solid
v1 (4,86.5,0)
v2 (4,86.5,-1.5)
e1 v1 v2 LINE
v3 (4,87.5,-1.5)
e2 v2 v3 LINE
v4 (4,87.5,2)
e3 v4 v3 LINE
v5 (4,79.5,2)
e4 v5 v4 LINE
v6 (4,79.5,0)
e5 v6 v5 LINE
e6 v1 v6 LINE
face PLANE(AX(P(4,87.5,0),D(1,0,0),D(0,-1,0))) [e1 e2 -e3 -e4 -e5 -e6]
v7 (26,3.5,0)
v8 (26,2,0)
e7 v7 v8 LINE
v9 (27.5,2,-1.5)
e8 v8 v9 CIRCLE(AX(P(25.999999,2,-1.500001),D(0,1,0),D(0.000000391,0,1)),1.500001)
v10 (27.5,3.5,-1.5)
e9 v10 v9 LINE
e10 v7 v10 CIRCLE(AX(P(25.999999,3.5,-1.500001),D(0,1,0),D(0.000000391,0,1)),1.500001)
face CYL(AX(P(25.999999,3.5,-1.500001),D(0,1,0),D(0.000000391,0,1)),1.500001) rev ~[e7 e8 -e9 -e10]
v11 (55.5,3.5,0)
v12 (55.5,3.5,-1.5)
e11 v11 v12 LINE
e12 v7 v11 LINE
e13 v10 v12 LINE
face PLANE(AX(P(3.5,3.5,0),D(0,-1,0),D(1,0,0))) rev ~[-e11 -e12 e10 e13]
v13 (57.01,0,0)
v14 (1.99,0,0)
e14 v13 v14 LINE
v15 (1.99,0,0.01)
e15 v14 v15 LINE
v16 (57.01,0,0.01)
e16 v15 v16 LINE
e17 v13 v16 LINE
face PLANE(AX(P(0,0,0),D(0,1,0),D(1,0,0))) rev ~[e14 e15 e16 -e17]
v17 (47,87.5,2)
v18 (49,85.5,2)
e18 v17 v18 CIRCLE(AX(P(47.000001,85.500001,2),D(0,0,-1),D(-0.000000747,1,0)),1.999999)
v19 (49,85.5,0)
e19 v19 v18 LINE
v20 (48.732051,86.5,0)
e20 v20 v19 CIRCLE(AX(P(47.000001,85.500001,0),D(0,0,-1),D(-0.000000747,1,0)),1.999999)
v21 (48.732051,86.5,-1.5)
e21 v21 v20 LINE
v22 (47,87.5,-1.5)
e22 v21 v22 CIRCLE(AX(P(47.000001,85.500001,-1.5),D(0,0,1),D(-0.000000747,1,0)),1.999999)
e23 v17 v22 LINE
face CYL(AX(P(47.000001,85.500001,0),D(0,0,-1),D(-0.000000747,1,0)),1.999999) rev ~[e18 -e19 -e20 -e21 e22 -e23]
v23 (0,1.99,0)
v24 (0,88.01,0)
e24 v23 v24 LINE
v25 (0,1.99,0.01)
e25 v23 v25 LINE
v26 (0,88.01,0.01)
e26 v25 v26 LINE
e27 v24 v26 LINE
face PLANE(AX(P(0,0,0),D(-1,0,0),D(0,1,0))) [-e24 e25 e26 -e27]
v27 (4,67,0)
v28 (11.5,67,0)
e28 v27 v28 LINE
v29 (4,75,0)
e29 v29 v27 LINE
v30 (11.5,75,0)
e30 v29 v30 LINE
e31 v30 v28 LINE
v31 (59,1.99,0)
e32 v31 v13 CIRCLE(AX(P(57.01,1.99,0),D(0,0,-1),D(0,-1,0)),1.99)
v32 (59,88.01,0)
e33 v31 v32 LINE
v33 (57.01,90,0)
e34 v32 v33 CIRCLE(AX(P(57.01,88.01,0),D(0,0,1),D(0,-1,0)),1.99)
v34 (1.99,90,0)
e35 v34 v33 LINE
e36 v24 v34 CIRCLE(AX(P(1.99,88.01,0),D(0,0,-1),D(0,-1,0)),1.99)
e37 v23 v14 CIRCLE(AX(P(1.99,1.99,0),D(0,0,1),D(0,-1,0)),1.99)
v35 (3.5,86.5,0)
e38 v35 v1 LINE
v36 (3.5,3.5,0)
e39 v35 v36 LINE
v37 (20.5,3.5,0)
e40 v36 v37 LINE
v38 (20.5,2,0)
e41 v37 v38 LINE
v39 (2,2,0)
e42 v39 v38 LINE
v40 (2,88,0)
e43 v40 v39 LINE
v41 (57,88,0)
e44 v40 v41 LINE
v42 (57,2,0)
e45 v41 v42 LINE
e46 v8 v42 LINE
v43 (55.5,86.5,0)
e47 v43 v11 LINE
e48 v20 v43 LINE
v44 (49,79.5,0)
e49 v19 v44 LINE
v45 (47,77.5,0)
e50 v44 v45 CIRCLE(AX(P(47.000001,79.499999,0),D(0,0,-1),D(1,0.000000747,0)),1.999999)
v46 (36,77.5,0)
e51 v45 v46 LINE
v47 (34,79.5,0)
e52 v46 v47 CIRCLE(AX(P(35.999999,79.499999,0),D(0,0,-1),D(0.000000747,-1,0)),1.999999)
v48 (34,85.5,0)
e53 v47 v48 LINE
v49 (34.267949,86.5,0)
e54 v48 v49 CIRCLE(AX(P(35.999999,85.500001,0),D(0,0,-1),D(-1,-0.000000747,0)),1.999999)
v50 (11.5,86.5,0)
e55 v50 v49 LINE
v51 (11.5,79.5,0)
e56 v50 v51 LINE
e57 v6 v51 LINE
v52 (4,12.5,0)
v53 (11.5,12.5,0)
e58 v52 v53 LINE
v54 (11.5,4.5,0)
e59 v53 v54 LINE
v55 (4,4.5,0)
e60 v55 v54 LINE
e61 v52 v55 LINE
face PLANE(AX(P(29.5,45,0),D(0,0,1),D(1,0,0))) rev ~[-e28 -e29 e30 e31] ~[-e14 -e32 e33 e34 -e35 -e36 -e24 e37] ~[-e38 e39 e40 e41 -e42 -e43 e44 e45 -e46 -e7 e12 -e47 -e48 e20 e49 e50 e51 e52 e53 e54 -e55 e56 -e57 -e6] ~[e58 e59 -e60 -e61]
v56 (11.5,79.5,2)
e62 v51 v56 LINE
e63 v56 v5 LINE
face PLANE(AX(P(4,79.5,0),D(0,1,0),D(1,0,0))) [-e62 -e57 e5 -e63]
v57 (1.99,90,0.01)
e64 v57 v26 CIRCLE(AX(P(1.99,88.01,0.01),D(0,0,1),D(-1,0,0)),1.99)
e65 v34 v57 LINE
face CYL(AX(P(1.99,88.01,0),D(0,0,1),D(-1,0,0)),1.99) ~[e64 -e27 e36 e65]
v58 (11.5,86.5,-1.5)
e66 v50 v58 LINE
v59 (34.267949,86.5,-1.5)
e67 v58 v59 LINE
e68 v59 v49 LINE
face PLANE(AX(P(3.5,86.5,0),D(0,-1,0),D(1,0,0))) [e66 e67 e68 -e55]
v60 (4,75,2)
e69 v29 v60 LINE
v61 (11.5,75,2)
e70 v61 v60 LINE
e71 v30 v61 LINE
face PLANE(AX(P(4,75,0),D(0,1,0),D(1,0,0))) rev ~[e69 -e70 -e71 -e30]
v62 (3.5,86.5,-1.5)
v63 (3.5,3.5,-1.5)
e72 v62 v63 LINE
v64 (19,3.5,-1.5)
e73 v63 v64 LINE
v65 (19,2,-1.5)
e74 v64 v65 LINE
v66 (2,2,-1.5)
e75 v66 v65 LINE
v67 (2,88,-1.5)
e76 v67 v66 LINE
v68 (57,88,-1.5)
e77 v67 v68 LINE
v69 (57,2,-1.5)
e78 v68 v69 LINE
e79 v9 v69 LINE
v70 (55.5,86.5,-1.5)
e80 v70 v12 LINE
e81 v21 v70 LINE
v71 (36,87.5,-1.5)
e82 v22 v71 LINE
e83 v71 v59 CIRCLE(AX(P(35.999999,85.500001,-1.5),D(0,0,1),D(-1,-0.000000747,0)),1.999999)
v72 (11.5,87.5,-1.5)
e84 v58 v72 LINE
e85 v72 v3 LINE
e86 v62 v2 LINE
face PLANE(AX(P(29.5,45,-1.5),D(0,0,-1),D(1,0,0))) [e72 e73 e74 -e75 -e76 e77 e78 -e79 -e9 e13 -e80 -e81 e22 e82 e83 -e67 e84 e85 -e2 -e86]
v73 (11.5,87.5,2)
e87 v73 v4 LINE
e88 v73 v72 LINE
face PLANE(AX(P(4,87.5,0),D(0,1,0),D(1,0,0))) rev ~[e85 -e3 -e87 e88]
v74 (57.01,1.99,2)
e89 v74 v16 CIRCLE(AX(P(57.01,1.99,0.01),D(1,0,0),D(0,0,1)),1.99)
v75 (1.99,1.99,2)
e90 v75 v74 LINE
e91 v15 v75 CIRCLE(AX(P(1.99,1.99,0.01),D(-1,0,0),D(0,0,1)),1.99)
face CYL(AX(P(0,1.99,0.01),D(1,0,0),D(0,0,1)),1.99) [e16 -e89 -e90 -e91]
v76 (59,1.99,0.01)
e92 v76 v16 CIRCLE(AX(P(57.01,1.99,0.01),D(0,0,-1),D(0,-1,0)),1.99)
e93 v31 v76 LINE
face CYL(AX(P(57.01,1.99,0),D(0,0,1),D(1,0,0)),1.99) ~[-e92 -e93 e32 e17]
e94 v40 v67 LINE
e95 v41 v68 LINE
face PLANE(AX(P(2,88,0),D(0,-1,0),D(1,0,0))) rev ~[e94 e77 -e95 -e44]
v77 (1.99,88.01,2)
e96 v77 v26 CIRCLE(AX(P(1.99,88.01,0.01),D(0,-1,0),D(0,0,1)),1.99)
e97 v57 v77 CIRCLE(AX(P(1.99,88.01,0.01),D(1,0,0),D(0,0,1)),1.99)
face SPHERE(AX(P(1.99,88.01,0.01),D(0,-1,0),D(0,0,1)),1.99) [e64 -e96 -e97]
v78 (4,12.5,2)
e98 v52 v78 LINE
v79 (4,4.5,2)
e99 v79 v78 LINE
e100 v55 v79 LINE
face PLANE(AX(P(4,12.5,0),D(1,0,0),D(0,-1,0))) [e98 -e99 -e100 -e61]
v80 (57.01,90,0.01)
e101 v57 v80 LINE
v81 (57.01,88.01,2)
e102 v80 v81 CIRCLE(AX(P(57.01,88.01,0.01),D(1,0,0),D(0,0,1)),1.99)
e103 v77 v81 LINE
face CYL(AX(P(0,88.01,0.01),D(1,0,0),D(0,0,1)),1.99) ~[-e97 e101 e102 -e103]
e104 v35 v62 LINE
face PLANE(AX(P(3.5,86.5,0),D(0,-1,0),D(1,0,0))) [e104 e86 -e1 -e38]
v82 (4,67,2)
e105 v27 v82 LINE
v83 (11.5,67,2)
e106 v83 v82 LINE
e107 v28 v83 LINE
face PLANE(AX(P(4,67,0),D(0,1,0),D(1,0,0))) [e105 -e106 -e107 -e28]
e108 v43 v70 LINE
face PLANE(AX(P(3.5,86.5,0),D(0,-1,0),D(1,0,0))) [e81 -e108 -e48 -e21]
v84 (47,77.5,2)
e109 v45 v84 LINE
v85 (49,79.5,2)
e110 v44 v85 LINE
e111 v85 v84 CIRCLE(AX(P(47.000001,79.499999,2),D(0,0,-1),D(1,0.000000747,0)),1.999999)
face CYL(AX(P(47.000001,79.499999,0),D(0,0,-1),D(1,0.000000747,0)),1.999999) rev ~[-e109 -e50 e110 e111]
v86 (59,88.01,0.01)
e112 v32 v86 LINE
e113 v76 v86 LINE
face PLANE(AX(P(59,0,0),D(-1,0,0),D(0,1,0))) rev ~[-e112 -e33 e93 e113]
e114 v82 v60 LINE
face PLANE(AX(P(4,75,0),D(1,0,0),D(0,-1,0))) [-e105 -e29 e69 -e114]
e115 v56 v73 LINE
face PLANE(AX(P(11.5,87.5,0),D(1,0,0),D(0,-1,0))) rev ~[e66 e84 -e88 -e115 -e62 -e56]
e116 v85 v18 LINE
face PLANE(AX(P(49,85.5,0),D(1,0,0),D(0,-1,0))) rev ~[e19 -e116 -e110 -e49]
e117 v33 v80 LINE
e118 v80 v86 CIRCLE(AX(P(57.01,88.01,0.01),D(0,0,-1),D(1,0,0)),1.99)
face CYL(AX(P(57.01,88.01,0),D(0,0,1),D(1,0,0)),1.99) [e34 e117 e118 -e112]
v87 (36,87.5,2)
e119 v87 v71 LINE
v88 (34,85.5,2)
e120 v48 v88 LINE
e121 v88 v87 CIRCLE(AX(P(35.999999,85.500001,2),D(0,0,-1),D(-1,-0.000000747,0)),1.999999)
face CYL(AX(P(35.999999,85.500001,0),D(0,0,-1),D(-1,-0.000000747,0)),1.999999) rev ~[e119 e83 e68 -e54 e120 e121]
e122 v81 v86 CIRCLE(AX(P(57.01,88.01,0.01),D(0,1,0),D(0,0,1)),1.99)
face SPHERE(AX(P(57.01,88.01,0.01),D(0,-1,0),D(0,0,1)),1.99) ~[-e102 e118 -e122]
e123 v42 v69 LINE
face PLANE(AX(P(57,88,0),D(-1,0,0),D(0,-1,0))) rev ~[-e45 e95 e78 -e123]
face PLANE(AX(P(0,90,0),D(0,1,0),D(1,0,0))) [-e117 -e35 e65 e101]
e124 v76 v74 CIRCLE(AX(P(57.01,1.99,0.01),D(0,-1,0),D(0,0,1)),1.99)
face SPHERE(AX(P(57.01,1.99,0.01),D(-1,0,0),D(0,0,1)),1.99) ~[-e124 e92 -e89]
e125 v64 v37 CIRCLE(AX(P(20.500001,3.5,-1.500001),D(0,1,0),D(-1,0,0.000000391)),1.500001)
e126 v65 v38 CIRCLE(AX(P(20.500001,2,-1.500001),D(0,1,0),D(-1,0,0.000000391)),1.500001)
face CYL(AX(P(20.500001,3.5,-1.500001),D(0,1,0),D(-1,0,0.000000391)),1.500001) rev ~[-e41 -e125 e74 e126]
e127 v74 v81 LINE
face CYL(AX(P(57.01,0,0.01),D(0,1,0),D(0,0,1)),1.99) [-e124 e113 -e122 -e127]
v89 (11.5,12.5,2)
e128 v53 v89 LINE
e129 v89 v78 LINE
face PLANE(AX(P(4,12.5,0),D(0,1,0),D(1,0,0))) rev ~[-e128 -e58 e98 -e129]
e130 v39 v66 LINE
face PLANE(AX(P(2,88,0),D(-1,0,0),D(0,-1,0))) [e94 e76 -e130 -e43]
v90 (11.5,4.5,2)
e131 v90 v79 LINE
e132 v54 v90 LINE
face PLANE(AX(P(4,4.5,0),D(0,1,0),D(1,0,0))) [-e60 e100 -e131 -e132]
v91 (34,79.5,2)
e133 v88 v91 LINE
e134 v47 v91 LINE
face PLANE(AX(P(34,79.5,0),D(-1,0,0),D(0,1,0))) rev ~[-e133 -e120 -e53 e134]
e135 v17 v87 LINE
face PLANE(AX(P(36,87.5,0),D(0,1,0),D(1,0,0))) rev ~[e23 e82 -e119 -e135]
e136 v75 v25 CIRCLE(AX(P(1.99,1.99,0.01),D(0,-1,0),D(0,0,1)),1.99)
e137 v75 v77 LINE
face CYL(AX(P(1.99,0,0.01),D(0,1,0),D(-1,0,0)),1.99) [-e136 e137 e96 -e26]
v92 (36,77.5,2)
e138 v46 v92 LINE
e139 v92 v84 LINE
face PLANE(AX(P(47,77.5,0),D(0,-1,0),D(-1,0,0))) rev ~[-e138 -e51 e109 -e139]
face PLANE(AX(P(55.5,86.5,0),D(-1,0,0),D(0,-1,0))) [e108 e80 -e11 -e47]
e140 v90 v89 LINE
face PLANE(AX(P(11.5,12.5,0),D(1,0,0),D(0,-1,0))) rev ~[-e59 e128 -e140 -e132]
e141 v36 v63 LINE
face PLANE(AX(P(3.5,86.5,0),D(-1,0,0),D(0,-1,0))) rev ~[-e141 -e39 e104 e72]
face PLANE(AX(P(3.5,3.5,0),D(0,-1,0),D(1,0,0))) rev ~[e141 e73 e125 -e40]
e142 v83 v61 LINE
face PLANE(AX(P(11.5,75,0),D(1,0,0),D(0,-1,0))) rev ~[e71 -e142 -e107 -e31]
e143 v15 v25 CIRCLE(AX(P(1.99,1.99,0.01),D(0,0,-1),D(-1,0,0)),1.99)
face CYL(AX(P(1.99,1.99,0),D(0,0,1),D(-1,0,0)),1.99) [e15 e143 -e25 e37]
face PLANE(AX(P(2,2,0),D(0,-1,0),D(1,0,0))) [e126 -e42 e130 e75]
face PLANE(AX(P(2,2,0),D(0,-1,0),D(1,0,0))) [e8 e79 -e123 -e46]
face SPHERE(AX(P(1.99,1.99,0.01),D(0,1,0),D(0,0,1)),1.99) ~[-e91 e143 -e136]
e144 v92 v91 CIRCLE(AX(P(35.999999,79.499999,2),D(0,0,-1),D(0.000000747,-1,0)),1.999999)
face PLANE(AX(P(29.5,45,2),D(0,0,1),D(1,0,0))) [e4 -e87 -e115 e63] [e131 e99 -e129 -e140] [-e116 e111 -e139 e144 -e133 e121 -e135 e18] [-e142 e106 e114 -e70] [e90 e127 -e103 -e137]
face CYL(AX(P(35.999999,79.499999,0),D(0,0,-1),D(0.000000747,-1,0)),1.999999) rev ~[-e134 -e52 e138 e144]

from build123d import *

# Parameters (mm, degrees)
BOX001_W             = 59
BOX001_H             = 90
BOX001_DEPTH         = 2
SKETCH003_W          = 55
SKETCH003_H          = 86
SKETCH003_W_2        = 52
SKETCH003_H_2        = 83
PAD_DEPTH            = 1.5
SKETCH002_W          = 7.5
SKETCH002_H          = 8
POCKET002_DEPTH      = 2.001
POCKET002_DEPTH_BACK = 1.501
FILLET001_R          = 1.99
POCKET003_DEPTH      = 3.501


with BuildPart() as part:
    # Box001 → Box001 (join)
    with BuildSketch(Plane.XY):
        with Locations((29.5, 45)):
            Rectangle(BOX001_W, BOX001_H)
    extrude(amount=BOX001_DEPTH)

    # Sketch003 (on Face5 of Box001) → Pad (join)
    with BuildSketch(Plane(origin=(0, 0, 0), x_dir=(1, 0, 0), z_dir=(0, 0, -1))):
        with Locations((29.5, -45)):
            Rectangle(SKETCH003_W, SKETCH003_H)
        with Locations((29.5, -45)):
            Rectangle(SKETCH003_W_2, SKETCH003_H_2, mode=Mode.SUBTRACT)
    extrude(amount=PAD_DEPTH)

    # Sketch002 (on Face5 of Box001) → Pocket002 (cut, two sides)
    with BuildSketch(Plane(origin=(0, 0, 0), x_dir=(1, 0, 0), z_dir=(0, 0, -1))) as pocket002_sk:
        with Locations((7.75, -8.5)):
            Rectangle(SKETCH002_W, SKETCH002_H)
        with Locations((7.75, -71)):
            Rectangle(SKETCH002_W, SKETCH002_H)
        with Locations((7.75, -83.5)):
            Rectangle(SKETCH002_W, SKETCH002_H)
        with BuildLine():
            Line((34, -79.5), (34, -85.5))
            ThreePointArc((34, -85.5), (34.585786, -86.914214), (36, -87.5))
            Line((36, -87.5), (47, -87.5))
            ThreePointArc((47, -87.5), (48.414214, -86.914214), (49, -85.5))
            Line((49, -85.5), (49, -79.5))
            ThreePointArc((49, -79.5), (48.414214, -78.085786), (47, -77.5))
            Line((47, -77.5), (36, -77.5))
            ThreePointArc((36, -77.5), (34.585786, -78.085786), (34, -79.5))
        make_face()
    extrude(amount=-POCKET002_DEPTH, mode=Mode.SUBTRACT)
    extrude(pocket002_sk.sketch, amount=POCKET002_DEPTH_BACK, mode=Mode.SUBTRACT)

    # Fillet001
    fillet001_edges = [part.edges().sort_by_distance(p)[0] for p in [
        (0, 45, 2),
        (29.5, 0, 2),
        (59, 45, 2),
        (29.5, 90, 2),
        (59, 0, 1),
        (0, 0, 1),
        (59, 90, 1),
        (0, 90, 1),
    ]]
    fillet(fillet001_edges, radius=FILLET001_R)

    # Sketch005 (on Face14 of Pad) → Pocket003 (cut, through all)
    with BuildSketch(Plane(origin=(0, 3.5, 0), x_dir=(-1, 0, 0), z_dir=(0, 1, 0))):
        with BuildLine():
            ThreePointArc((-26, 0), (-27.06066, -0.43934), (-27.5, -1.5))
            Line((-27.5, -1.5), (-19, -1.5))
            ThreePointArc((-19, -1.5), (-19.43934, -0.43934), (-20.5, 0))
            Line((-26, 0), (-20.5, 0))
        make_face()
    extrude(amount=-POCKET003_DEPTH, mode=Mode.SUBTRACT)


solid = part.part
